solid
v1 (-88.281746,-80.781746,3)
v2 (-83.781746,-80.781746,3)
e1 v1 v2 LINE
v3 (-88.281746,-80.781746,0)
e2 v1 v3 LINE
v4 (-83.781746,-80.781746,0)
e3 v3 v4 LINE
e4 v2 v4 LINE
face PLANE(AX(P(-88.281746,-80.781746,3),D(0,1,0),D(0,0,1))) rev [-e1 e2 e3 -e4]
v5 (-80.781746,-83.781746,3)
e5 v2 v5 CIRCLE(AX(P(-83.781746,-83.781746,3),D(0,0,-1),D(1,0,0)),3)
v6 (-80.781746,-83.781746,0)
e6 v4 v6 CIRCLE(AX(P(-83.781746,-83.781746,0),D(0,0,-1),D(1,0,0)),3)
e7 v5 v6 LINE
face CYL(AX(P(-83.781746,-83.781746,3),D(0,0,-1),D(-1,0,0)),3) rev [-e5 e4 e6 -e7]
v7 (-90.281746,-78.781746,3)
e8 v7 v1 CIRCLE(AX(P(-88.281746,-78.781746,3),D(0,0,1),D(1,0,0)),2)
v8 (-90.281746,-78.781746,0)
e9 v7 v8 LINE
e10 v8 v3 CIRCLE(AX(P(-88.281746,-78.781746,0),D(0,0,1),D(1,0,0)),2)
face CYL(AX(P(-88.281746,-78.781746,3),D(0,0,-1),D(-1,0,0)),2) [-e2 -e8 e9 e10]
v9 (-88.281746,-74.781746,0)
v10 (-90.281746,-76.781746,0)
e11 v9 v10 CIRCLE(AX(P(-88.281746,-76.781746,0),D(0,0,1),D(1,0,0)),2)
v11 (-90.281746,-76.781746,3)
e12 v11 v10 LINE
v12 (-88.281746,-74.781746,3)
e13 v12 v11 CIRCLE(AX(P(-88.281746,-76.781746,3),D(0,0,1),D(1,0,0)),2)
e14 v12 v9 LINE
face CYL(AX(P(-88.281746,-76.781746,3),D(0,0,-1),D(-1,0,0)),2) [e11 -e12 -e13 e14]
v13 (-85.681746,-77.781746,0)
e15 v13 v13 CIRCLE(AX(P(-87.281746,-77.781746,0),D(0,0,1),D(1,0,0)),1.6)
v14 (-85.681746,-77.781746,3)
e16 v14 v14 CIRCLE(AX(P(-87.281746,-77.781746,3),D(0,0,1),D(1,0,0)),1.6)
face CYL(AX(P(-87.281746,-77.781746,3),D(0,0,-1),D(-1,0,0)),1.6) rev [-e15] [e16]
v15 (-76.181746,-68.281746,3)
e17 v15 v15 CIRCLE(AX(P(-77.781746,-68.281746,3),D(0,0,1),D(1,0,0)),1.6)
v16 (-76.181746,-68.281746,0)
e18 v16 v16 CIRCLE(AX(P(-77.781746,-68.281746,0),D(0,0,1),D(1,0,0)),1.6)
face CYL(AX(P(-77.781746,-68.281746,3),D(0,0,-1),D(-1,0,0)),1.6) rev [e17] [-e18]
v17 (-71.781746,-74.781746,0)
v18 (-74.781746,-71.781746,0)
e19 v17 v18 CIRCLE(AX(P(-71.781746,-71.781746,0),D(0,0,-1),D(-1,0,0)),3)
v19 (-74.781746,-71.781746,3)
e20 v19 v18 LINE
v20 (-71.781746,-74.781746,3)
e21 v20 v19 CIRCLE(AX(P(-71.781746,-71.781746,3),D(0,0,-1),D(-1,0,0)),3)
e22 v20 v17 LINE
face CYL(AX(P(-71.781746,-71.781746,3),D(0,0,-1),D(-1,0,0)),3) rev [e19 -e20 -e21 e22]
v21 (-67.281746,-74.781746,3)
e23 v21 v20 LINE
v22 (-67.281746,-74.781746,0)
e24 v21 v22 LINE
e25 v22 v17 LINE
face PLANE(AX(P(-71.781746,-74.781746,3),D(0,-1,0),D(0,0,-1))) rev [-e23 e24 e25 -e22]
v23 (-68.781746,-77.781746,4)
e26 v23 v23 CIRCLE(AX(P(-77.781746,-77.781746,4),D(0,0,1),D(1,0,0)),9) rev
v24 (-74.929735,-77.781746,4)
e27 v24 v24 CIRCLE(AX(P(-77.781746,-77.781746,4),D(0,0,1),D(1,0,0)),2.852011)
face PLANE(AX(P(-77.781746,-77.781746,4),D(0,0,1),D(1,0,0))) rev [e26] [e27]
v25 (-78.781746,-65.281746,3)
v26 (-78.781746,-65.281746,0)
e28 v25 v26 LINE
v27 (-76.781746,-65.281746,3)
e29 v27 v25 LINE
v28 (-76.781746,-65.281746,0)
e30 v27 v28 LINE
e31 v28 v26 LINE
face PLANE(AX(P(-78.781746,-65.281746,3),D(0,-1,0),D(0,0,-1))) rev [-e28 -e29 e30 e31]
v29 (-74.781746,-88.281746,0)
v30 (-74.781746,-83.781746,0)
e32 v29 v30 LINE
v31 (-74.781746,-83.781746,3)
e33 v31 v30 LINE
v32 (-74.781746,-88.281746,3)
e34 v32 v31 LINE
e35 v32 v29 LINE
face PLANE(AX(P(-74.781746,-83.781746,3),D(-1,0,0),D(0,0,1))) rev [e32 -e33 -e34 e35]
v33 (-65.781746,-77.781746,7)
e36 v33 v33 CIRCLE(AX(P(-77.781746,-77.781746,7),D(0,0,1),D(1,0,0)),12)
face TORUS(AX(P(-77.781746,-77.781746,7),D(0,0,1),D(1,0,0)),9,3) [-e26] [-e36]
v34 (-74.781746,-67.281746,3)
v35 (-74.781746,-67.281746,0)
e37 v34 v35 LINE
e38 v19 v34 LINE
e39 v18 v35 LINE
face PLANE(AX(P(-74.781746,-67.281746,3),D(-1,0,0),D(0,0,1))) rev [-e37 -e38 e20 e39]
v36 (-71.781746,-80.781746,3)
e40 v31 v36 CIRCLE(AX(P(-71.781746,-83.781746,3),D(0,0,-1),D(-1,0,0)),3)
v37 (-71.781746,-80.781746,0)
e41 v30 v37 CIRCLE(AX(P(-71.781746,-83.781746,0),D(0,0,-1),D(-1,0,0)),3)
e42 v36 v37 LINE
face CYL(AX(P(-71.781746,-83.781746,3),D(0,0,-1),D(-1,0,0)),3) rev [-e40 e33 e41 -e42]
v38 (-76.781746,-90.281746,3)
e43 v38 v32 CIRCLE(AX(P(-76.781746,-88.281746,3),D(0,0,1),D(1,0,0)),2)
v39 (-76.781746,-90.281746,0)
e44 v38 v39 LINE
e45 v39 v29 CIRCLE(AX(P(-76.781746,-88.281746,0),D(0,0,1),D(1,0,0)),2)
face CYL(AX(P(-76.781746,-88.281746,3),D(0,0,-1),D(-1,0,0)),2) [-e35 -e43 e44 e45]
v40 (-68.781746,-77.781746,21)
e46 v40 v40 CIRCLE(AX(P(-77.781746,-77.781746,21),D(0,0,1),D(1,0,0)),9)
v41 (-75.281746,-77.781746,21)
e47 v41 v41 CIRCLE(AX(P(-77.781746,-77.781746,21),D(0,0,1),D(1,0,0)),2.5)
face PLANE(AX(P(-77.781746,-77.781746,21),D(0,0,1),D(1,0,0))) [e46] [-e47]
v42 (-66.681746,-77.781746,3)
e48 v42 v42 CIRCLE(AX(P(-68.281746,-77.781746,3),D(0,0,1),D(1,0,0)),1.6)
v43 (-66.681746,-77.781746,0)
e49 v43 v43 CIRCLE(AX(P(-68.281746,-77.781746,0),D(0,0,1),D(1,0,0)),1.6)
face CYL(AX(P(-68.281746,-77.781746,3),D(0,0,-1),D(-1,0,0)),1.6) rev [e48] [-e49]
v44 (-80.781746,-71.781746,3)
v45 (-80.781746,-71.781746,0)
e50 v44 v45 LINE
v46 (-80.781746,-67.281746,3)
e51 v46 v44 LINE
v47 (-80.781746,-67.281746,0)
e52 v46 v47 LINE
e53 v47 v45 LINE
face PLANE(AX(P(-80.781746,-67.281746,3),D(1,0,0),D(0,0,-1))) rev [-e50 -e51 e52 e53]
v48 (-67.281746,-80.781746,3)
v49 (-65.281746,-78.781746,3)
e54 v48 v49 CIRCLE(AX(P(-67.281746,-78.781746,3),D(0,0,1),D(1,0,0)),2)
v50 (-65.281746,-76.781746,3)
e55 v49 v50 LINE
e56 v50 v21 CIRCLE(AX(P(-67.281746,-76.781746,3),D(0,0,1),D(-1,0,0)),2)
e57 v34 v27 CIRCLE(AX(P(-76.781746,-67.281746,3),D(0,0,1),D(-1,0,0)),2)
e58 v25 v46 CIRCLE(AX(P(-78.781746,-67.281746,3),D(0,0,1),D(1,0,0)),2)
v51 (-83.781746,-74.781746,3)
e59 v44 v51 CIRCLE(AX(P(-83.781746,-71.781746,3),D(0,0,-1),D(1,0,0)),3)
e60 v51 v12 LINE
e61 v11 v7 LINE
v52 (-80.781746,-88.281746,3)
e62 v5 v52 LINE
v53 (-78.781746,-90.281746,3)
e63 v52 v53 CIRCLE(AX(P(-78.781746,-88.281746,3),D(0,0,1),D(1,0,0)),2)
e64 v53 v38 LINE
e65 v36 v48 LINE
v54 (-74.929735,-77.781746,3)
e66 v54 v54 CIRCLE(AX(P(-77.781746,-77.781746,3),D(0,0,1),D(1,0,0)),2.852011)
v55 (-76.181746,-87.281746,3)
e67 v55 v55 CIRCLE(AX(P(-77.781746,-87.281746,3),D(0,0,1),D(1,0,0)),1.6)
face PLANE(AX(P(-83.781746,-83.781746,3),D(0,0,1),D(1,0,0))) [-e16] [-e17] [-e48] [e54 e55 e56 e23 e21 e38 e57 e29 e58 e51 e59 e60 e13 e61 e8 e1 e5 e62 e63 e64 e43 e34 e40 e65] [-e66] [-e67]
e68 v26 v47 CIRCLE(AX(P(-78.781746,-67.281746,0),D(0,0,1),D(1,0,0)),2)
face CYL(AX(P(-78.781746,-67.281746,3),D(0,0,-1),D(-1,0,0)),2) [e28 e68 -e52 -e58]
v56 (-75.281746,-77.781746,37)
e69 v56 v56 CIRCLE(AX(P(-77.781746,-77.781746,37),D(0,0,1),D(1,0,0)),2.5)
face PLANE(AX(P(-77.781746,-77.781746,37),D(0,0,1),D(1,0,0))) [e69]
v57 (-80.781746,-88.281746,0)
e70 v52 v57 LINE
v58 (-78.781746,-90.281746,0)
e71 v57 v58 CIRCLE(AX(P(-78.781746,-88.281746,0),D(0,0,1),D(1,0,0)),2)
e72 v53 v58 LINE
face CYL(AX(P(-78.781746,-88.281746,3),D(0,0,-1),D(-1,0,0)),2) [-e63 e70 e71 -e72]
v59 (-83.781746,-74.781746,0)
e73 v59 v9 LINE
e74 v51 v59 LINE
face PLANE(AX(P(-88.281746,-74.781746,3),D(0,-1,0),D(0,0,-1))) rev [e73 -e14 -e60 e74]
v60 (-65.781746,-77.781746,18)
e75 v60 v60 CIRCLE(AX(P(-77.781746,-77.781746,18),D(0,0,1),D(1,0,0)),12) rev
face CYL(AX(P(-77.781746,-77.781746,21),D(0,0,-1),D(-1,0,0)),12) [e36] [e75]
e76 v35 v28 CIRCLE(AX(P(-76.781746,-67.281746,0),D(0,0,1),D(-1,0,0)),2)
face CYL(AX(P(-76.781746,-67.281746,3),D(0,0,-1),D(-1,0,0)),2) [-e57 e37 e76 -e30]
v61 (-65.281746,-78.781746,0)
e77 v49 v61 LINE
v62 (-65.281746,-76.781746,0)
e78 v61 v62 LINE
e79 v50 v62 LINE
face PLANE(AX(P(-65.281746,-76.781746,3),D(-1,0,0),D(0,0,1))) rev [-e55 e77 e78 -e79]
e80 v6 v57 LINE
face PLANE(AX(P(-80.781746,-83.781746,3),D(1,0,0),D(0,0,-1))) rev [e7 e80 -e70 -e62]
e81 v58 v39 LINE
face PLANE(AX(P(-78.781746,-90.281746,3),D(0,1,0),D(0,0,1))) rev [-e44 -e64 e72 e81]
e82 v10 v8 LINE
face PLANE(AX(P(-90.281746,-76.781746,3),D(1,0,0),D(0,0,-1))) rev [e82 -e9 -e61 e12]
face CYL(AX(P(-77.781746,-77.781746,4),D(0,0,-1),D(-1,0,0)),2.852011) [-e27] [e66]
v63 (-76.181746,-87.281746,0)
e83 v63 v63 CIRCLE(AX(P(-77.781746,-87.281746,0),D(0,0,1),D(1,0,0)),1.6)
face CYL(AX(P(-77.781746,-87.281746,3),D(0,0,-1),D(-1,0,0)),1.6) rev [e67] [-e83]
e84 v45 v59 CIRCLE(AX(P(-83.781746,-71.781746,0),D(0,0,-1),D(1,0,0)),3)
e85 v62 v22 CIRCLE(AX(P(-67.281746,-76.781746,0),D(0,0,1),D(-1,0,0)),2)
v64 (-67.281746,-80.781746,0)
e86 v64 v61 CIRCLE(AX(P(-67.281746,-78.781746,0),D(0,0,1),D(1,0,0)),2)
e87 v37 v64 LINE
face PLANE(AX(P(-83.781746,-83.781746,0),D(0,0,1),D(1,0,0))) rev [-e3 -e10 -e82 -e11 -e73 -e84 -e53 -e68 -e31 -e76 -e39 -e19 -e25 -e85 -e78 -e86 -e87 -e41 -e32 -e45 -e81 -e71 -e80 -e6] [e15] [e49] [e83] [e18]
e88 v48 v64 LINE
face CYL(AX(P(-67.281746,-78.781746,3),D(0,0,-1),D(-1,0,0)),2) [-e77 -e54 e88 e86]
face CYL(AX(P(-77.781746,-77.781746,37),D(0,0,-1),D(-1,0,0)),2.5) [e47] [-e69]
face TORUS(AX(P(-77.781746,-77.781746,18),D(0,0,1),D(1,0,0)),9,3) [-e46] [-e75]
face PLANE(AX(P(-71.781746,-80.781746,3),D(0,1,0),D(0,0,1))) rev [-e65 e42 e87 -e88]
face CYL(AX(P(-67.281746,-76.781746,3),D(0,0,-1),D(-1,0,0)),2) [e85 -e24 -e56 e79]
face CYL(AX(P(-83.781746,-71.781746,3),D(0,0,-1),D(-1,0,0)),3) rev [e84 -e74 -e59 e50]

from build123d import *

# Parameters (mm, degrees)
SKETCH1_R           = 1.6
BOSS_EXTRUDE1_DEPTH = 3
SKETCH2_R           = 2.852011264
BOSS_EXTRUDE2_DEPTH = 1
SKETCH3_R           = 12
BOSS_EXTRUDE3_DEPTH = 17
SKETCH4_R           = 2.5
BOSS_EXTRUDE4_DEPTH = 16
FILLET1_R           = 3


with BuildPart() as part:
    # Sketch1 → Boss-Extrude1 (new body)
    with BuildSketch(Plane.XY):
        with BuildLine():
            Line((-71.781745931, -74.781745931), (-67.281745931, -74.781745931))
            ThreePointArc((-67.281745931, -74.781745931), (-65.867532368, -75.367532368), (-65.281745931, -76.781745931))
            Line((-65.281745931, -76.781745931), (-65.281745931, -78.781745931))
            ThreePointArc((-65.281745931, -78.781745931), (-65.867532368, -80.195959493), (-67.281745931, -80.781745931))
            Line((-67.281745931, -80.781745931), (-71.781745931, -80.781745931))
            ThreePointArc((-71.781745931, -80.781745931), (-73.903066274, -81.660425587), (-74.781745931, -83.781745931))
            Line((-74.781745931, -83.781745931), (-74.781745931, -88.281745931))
            ThreePointArc((-74.781745931, -88.281745931), (-75.367532368, -89.695959493), (-76.781745931, -90.281745931))
            Line((-76.781745931, -90.281745931), (-78.781745931, -90.281745931))
            ThreePointArc((-78.781745931, -90.281745931), (-80.195959493, -89.695959493), (-80.781745931, -88.281745931))
            Line((-80.781745931, -88.281745931), (-80.781745931, -83.781745931))
            ThreePointArc((-80.781745931, -83.781745931), (-81.660425587, -81.660425587), (-83.781745931, -80.781745931))
            Line((-83.781745931, -80.781745931), (-88.281745931, -80.781745931))
            ThreePointArc((-88.281745931, -80.781745931), (-89.695959493, -80.195959493), (-90.281745931, -78.781745931))
            Line((-90.281745931, -78.781745931), (-90.281745931, -76.781745931))
            ThreePointArc((-90.281745931, -76.781745931), (-89.695959493, -75.367532368), (-88.281745931, -74.781745931))
            Line((-88.281745931, -74.781745931), (-83.781745931, -74.781745931))
            ThreePointArc((-83.781745931, -74.781745931), (-81.660425587, -73.903066274), (-80.781745931, -71.781745931))
            Line((-80.781745931, -71.781745931), (-80.781745931, -67.281745931))
            ThreePointArc((-80.781745931, -67.281745931), (-80.195959493, -65.867532368), (-78.781745931, -65.281745931))
            Line((-78.781745931, -65.281745931), (-76.781745931, -65.281745931))
            ThreePointArc((-76.781745931, -65.281745931), (-75.367532368, -65.867532368), (-74.781745931, -67.281745931))
            Line((-74.781745931, -67.281745931), (-74.781745931, -71.781745931))
            ThreePointArc((-74.781745931, -71.781745931), (-73.903066274, -73.903066274), (-71.781745931, -74.781745931))
        make_face()
        with Locations((-77.781745931, -68.281745931)):
            Circle(SKETCH1_R, mode=Mode.SUBTRACT)
        with Locations((-68.281745931, -77.781745931)):
            Circle(SKETCH1_R, mode=Mode.SUBTRACT)
        with Locations((-77.781745931, -87.281745931)):
            Circle(SKETCH1_R, mode=Mode.SUBTRACT)
        with Locations((-87.281745931, -77.781745931)):
            Circle(SKETCH1_R, mode=Mode.SUBTRACT)
    extrude(amount=BOSS_EXTRUDE1_DEPTH)

    # Sketch2 → Boss-Extrude2 (add)
    with BuildSketch(Plane.XY.offset(3)):
        with Locations((-77.781745931, -77.781745931)):
            Circle(SKETCH2_R)
    extrude(amount=BOSS_EXTRUDE2_DEPTH)

    # Sketch3 → Boss-Extrude3 (add)
    with BuildSketch(Plane.XY.offset(4)):
        with Locations((-77.781745931, -77.781745931)):
            Circle(SKETCH3_R)
    extrude(amount=BOSS_EXTRUDE3_DEPTH)

    # Sketch4 → Boss-Extrude4 (add)
    with BuildSketch(Plane.XY.offset(21)):
        with Locations((-77.781745931, -77.781745931)):
            Circle(SKETCH4_R)
    extrude(amount=BOSS_EXTRUDE4_DEPTH)

    # Fillet1
    fillet1_edges = [part.edges().sort_by_distance(p)[0] for p in [
        (-89.781745931, -77.781745931, 4),
        (-89.781745931, -77.781745931, 21),
    ]]
    fillet(fillet1_edges, radius=FILLET1_R)


solid = part.part
